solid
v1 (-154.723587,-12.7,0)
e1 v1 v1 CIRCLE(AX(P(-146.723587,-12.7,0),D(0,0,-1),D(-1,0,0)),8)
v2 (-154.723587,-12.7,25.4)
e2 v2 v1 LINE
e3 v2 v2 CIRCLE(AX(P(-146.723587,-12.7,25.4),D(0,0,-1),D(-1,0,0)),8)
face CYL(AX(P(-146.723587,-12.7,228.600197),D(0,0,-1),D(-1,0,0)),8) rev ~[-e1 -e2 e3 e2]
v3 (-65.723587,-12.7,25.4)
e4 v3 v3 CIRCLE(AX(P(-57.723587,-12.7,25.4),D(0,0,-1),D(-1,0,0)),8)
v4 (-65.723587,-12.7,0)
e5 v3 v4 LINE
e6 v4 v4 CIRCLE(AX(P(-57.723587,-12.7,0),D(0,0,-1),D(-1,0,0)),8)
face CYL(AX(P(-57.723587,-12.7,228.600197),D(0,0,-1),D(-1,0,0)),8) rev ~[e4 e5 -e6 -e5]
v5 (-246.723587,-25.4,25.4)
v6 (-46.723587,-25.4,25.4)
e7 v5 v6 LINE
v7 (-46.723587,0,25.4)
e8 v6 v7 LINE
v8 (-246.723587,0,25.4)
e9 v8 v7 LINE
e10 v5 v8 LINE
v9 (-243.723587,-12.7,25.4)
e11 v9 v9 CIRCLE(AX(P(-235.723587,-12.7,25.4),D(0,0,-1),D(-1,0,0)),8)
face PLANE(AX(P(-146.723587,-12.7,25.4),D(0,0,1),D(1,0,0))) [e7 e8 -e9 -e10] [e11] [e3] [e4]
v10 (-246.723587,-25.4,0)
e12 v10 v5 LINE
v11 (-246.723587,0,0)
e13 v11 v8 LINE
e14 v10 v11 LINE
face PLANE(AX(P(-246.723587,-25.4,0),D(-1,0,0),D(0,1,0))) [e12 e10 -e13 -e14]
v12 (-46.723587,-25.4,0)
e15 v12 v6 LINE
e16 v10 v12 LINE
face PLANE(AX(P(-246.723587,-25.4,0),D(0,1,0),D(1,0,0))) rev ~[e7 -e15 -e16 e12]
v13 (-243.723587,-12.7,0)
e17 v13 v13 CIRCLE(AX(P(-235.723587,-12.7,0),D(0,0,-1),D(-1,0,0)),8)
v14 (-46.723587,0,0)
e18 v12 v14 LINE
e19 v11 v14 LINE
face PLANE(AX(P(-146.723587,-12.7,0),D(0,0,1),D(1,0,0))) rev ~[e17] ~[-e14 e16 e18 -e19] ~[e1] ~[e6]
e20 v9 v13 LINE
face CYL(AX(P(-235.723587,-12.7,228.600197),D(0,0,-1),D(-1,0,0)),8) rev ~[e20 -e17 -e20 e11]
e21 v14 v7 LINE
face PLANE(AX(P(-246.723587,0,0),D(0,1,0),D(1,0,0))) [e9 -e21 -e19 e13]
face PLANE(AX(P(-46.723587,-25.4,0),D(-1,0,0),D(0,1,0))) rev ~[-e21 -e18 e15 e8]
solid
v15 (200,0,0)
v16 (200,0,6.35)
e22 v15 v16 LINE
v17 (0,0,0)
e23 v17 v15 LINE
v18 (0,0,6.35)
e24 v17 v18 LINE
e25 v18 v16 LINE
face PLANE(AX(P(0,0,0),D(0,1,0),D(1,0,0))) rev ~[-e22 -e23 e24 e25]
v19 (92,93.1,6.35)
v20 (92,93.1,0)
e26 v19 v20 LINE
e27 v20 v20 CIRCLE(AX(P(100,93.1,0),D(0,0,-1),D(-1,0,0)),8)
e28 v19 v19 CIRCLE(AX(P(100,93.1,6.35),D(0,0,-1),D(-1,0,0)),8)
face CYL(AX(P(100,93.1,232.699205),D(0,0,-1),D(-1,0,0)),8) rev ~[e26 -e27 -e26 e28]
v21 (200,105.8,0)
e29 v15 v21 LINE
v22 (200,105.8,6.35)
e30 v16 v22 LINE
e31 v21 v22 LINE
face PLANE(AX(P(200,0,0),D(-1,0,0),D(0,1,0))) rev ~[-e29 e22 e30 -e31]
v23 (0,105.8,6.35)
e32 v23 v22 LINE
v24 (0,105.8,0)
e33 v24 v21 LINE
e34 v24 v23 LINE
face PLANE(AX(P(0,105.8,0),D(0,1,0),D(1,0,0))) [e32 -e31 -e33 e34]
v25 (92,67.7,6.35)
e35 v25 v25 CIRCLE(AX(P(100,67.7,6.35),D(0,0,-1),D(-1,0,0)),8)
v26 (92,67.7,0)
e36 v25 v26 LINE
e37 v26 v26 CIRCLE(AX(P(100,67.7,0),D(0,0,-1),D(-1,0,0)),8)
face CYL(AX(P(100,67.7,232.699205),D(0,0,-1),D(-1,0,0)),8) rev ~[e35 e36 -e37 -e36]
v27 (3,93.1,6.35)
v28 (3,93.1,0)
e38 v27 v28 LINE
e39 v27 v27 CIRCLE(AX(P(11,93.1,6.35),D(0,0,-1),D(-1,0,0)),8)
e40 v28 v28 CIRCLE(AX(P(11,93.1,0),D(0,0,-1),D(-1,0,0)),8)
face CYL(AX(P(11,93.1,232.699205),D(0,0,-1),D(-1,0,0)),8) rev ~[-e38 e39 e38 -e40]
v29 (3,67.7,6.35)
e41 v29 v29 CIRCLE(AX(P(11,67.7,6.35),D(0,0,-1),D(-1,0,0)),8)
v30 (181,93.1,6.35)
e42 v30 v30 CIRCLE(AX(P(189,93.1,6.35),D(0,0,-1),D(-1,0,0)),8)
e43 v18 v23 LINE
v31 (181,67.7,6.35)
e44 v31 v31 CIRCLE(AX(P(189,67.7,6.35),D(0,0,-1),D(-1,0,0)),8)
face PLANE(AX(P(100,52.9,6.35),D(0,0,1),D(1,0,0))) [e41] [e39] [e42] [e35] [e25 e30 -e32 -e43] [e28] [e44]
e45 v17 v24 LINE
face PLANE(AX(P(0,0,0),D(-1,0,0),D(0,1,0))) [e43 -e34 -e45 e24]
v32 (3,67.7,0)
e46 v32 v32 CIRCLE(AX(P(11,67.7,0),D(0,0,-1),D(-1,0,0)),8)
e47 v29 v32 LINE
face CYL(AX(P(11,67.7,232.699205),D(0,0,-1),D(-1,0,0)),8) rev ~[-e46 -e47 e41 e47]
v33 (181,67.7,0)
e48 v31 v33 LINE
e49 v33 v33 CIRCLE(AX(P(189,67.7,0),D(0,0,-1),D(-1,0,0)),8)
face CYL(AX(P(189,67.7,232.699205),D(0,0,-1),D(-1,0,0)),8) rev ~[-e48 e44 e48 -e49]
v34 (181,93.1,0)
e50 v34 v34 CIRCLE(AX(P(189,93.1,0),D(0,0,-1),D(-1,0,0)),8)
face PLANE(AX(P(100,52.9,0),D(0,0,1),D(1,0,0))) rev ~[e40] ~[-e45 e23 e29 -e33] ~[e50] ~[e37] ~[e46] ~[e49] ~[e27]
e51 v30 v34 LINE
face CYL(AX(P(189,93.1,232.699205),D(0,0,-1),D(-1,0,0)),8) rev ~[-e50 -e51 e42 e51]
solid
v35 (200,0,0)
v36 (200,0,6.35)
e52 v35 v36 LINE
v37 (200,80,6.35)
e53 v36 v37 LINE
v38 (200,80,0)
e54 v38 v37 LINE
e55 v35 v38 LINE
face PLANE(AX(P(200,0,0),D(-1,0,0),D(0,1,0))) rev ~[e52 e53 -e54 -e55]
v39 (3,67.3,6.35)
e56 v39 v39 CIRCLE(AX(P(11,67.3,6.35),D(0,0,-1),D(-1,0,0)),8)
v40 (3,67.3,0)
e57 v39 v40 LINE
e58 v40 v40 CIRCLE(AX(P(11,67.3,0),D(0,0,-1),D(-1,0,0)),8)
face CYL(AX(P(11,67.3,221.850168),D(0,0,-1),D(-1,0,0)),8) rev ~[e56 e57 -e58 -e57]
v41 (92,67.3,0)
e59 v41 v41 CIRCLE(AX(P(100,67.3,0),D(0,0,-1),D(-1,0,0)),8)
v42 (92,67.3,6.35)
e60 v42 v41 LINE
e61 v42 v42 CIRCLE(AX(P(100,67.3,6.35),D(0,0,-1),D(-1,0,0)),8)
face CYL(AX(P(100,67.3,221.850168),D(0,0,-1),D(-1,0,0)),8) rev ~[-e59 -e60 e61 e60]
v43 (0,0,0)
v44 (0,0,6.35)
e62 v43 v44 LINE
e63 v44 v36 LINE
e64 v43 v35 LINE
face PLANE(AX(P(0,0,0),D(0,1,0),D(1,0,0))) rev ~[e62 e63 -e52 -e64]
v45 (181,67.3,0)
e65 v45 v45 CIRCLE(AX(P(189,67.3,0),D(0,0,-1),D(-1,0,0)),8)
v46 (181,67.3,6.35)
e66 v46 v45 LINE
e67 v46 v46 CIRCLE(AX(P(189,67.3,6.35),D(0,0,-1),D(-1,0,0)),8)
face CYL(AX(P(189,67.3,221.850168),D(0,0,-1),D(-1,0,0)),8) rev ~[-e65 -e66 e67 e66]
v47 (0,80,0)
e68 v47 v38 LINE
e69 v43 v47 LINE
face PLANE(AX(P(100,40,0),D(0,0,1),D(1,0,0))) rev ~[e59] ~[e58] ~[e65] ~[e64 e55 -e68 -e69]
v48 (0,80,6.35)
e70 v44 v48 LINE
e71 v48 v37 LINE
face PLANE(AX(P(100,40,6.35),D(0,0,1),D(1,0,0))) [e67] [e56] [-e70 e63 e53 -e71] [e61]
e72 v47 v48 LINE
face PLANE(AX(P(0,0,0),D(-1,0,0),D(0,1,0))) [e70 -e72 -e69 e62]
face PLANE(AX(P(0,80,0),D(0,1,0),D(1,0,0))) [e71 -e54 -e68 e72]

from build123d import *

# Parameters (mm, degrees)
F0_W     = 200
F0_H     = 80
F1_DEPTH = 6.35
F3_D     = 16
F4_W     = 200
F4_H     = 25.4
F5_DEPTH = 25.4
F7_D     = 16
F8_W     = 200
F8_H     = 105.8
F9_DEPTH = 6.35
F11_D    = 16


with BuildPart() as f1:
    # F0 (on Top) → F1 (new body)
    with BuildSketch(Plane.XY):
        with Locations((100, 40)):
            Rectangle(F0_W, F0_H)
    extrude(amount=F1_DEPTH)

    # F3 (through all)
    with Locations(Plane.XY.offset(6.35)):
        with Locations((11, 67.3), (100, 67.3), (189, 67.3)):
            Hole(F3_D / 2)


with BuildPart() as f5:
    # F4 (on Top) → F5 (new body)
    with BuildSketch(Plane.XY):
        with Locations((-146.7235868836, -12.7)):
            Rectangle(F4_W, F4_H)
    extrude(amount=F5_DEPTH)

    # F7 (through all)
    with Locations(Plane.XY.offset(25.4)):
        with Locations((-57.7235868836, -12.7), (-146.7235868836, -12.7), (-235.7235868836, -12.7)):
            Hole(F7_D / 2)


with BuildPart() as f9:
    # F8 (on Top) → F9 (new body)
    with BuildSketch(Plane.XY):
        with Locations((100, 52.9)):
            Rectangle(F8_W, F8_H)
    extrude(amount=F9_DEPTH)

    # F11 (through all)
    with Locations(Plane.XY.offset(6.35)):
        with Locations((11, 93.1), (100, 93.1), (189, 93.1), (189, 67.7), (100, 67.7), (11, 67.7)):
            Hole(F11_D / 2)


solid = Compound([f1.part, f5.part, f9.part])
